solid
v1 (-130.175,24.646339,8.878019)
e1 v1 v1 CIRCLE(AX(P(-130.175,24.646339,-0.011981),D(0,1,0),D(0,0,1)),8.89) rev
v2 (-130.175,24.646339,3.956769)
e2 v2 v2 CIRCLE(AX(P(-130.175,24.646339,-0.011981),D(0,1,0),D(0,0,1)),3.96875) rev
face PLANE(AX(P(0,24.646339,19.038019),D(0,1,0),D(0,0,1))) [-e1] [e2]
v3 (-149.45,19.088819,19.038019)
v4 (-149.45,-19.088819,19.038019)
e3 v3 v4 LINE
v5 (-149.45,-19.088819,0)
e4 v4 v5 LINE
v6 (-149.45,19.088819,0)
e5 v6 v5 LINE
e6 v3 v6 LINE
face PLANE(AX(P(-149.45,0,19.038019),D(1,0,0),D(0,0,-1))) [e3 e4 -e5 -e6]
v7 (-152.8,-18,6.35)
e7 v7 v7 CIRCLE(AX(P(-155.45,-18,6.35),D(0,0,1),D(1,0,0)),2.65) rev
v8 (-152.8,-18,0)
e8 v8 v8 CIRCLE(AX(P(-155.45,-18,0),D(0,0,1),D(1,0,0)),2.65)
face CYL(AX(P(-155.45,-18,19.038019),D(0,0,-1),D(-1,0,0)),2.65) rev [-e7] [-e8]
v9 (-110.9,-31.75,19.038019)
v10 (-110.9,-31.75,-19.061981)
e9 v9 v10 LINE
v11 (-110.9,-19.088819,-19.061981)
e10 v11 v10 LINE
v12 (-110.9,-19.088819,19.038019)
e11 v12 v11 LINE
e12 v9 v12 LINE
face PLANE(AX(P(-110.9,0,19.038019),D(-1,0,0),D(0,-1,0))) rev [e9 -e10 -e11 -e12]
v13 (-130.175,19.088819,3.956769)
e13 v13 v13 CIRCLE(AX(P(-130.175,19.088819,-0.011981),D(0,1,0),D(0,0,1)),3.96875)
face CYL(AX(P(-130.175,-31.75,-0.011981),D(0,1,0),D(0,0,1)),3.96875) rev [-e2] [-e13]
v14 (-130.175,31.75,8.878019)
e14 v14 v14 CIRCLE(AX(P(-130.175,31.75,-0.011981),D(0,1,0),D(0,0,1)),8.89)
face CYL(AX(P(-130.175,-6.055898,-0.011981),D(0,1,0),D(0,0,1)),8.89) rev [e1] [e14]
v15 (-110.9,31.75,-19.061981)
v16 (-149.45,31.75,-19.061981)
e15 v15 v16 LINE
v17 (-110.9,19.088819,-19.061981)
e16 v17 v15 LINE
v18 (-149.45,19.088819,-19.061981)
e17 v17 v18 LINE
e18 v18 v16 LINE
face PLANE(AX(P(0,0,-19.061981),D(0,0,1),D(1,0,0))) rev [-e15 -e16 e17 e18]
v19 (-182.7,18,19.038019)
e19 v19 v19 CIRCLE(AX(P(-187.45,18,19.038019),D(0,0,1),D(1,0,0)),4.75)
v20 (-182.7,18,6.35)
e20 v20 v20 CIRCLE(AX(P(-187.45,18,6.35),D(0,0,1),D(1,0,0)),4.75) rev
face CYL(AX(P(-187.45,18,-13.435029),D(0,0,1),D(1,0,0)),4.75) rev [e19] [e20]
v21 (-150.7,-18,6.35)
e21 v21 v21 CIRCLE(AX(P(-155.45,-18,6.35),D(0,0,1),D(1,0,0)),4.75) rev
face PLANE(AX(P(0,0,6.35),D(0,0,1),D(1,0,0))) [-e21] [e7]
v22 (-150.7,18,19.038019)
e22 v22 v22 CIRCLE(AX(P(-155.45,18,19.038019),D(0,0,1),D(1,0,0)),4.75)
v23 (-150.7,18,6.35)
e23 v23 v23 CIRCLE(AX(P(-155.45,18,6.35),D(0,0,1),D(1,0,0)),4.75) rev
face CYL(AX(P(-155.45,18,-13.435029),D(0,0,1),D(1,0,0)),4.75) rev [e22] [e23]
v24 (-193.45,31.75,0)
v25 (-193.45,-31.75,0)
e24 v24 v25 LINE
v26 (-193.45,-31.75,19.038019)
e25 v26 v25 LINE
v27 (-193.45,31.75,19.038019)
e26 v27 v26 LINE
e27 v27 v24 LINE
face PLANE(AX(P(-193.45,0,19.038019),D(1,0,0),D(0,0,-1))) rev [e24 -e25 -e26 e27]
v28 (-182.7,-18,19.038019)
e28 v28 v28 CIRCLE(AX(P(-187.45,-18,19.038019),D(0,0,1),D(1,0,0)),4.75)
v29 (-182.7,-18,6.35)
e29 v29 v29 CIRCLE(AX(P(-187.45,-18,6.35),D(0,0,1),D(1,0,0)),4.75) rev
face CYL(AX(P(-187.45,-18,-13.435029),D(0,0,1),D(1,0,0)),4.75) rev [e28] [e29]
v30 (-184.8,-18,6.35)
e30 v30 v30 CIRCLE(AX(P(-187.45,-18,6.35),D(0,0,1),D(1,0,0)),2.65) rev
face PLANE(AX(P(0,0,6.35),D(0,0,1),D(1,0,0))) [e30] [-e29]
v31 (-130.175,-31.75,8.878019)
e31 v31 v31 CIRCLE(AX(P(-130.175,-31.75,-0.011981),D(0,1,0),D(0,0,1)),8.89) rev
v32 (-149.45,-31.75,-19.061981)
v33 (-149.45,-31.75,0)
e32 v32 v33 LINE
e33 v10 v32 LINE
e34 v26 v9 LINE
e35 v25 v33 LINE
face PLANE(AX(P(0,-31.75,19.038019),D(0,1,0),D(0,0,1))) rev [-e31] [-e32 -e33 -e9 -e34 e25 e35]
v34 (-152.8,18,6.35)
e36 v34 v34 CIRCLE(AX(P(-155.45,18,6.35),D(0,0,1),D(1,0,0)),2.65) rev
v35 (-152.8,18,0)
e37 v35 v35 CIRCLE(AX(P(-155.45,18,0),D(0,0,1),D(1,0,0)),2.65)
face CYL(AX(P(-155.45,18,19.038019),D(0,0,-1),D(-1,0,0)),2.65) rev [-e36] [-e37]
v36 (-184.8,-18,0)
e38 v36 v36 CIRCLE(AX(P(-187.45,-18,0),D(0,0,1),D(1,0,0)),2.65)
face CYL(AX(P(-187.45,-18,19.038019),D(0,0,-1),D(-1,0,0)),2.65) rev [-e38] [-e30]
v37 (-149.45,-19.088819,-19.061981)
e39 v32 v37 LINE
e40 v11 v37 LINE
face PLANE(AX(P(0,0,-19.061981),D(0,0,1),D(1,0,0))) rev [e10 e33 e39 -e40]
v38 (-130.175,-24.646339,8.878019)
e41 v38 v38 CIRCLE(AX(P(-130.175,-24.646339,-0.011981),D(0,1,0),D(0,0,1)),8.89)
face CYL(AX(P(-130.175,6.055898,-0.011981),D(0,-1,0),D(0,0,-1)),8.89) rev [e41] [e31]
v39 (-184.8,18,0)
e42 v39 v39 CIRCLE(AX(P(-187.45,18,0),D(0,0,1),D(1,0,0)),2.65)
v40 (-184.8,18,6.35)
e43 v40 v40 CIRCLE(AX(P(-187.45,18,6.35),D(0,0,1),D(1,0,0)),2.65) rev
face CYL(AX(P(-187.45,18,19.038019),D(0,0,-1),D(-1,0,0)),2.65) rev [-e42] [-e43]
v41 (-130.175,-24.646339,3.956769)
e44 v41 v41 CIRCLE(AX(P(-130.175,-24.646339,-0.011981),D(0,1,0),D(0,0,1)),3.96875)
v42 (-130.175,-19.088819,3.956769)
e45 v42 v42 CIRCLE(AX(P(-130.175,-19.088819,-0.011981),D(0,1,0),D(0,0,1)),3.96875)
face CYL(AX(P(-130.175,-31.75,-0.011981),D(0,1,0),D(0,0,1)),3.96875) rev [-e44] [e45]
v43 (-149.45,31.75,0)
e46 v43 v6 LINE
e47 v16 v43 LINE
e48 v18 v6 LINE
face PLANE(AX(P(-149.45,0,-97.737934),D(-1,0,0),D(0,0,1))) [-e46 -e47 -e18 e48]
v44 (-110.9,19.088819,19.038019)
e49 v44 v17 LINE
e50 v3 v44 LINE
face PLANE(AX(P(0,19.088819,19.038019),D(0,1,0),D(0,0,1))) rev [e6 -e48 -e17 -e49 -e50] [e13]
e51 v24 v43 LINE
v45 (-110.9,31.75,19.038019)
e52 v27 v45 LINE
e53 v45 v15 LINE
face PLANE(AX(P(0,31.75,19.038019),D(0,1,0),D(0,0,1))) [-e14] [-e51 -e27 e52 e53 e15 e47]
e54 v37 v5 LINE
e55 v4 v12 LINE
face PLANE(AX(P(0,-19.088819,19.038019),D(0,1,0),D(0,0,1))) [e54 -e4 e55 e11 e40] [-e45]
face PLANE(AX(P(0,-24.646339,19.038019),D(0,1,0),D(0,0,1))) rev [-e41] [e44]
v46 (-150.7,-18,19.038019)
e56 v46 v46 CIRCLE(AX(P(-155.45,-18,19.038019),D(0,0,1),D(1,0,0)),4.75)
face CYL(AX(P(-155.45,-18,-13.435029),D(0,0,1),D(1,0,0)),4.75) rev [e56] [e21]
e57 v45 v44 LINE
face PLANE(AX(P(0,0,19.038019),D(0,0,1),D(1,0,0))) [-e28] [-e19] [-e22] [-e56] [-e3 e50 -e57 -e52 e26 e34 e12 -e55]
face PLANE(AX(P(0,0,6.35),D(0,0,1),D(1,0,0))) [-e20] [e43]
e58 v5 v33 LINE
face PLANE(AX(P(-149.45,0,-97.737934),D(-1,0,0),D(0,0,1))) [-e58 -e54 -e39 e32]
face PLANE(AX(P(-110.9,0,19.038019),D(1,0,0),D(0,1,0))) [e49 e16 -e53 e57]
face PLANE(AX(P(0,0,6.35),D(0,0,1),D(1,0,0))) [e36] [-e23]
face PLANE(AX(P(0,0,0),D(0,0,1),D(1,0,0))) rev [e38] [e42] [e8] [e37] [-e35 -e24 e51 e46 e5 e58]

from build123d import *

# Parameters (mm, degrees)
SKETCH1_W               = 44
SKETCH1_H               = 63.5
SKETCH1_W_2             = 38.55
SKETCH1_H_2             = 12.661180653
BOSS_EXTRUDE1_DEPTH     = 19.038019
SKETCH1_3_W             = 38.55
SKETCH1_3_H             = 12.661180653
BOSS_EXTRUDE2_DEPTH     = 19.061980653
CUT_EXTRUDE1_DEPTH      = 197.962748017
CUT_EXTRUDE1_DEPTH_BACK = 197.962748017
SKETCH2_R               = 3.96875
CUT_EXTRUDE2_START      = -31.75
SKETCH2_3_R             = 8.89
SKETCH2_3_R_2           = 3.96875
CUT_EXTRUDE2_DEPTH      = 7.103661
CUT_EXTRUDE3_START      = 24.646339347
SKETCH2_4_R             = 8.89
SKETCH2_4_R_2           = 3.96875
CUT_EXTRUDE3_DEPTH      = 7.103660653
SKETCH3_R               = 2.65
CUT_EXTRUDE4_DEPTH      = 197.962748017
CUT_EXTRUDE5_START      = 6.349999653
SKETCH3_3_R             = 4.75
SKETCH3_3_R_2           = 2.65
SKETCH3_3_R_3           = 2.5
CUT_EXTRUDE5_DEPTH      = 12.688019347


with BuildPart() as part:
    # Sketch1 → Boss-Extrude1 (new body)
    with BuildSketch(Plane.XY):
        with Locations((-171.45, 0)):
            Rectangle(SKETCH1_W, SKETCH1_H)
        with Locations((-130.175, -25.419409674)):
            Rectangle(SKETCH1_W_2, SKETCH1_H_2)
        with Locations((-130.175, 25.419409674)):
            Rectangle(SKETCH1_W_2, SKETCH1_H_2)
    extrude(amount=BOSS_EXTRUDE1_DEPTH)

    # Sketch1<3> → Boss-Extrude2 (add)
    with BuildSketch(Plane.XY):
        with Locations((-130.175, 25.419409674)):
            Rectangle(SKETCH1_3_W, SKETCH1_3_H)
        with Locations((-130.175, -25.419409674)):
            Rectangle(SKETCH1_3_W, SKETCH1_3_H)
    extrude(amount=-BOSS_EXTRUDE2_DEPTH)

    # Sketch2 → Cut-Extrude1 (cut, two sides: drawn at the far end of the back side and taken through both)
    with BuildSketch(Plane(origin=(0, 0, 0), x_dir=(1, 0, 0), z_dir=(0, 1, 0)).offset(-CUT_EXTRUDE1_DEPTH_BACK)):
        with Locations(Location((-130.175, 0.011980653, 0), (0, 0, 270))):
            Circle(SKETCH2_R)
    extrude(amount=CUT_EXTRUDE1_DEPTH + CUT_EXTRUDE1_DEPTH_BACK, mode=Mode.SUBTRACT)

    # Sketch2<3> → Cut-Extrude2 (cut)
    with BuildSketch(Plane(origin=(0, 0, 0), x_dir=(1, 0, 0), z_dir=(0, 1, 0)).offset(CUT_EXTRUDE2_START)):
        with Locations(Location((-130.175, 0.011980653, 0), (0, 0, 270))):
            Circle(SKETCH2_3_R)
        with Locations(Location((-130.175, 0.011980653, 0), (0, 0, 270))):
            Circle(SKETCH2_3_R_2, mode=Mode.SUBTRACT)
    extrude(amount=CUT_EXTRUDE2_DEPTH, mode=Mode.SUBTRACT)

    # Sketch2<4> → Cut-Extrude3 (cut)
    with BuildSketch(Plane(origin=(0, 0, 0), x_dir=(1, 0, 0), z_dir=(0, 1, 0)).offset(CUT_EXTRUDE3_START)):
        with Locations(Location((-130.175, 0.011980653, 0), (0, 0, 270))):
            Circle(SKETCH2_4_R)
        with Locations(Location((-130.175, 0.011980653, 0), (0, 0, 270))):
            Circle(SKETCH2_4_R_2, mode=Mode.SUBTRACT)
    extrude(amount=CUT_EXTRUDE3_DEPTH, mode=Mode.SUBTRACT)

    # Sketch3 → Cut-Extrude4 (cut, through all)
    with BuildSketch(Plane.XY):
        with Locations((-187.45, 18)):
            Circle(SKETCH3_R)
        with Locations((-155.45, 18)):
            Circle(SKETCH3_R)
        with Locations((-155.45, -18)):
            Circle(SKETCH3_R)
        with Locations((-187.45, -18)):
            Circle(SKETCH3_R)
    extrude(amount=CUT_EXTRUDE4_DEPTH, mode=Mode.SUBTRACT)

    # Sketch3<3> → Cut-Extrude5 (cut)
    # profile 1 of 8: a face of its own
    with BuildSketch(Plane.XY.offset(CUT_EXTRUDE5_START)):
        with Locations((-187.45, 18)):
            Circle(SKETCH3_3_R)
        with Locations((-187.45, 18)):
            Circle(SKETCH3_3_R_2, mode=Mode.SUBTRACT)
    # profile 2 of 8: a face of its own
    with BuildSketch(Plane.XY.offset(CUT_EXTRUDE5_START)):
        with Locations((-187.45, 18)):
            Circle(SKETCH3_3_R_3)
    # profile 3 of 8: a face of its own
    with BuildSketch(Plane.XY.offset(CUT_EXTRUDE5_START)):
        with Locations((-155.45, 18)):
            Circle(SKETCH3_3_R)
        with Locations((-155.45, 18)):
            Circle(SKETCH3_3_R_2, mode=Mode.SUBTRACT)
    # profile 4 of 8: a face of its own
    with BuildSketch(Plane.XY.offset(CUT_EXTRUDE5_START)):
        with Locations((-155.45, 18)):
            Circle(SKETCH3_3_R_3)
    # profile 5 of 8: a face of its own
    with BuildSketch(Plane.XY.offset(CUT_EXTRUDE5_START)):
        with Locations((-155.45, -18)):
            Circle(SKETCH3_3_R)
        with Locations((-155.45, -18)):
            Circle(SKETCH3_3_R_2, mode=Mode.SUBTRACT)
    # profile 6 of 8: a face of its own
    with BuildSketch(Plane.XY.offset(CUT_EXTRUDE5_START)):
        with Locations((-155.45, -18)):
            Circle(SKETCH3_3_R_3)
    # profile 7 of 8: a face of its own
    with BuildSketch(Plane.XY.offset(CUT_EXTRUDE5_START)):
        with Locations((-187.45, -18)):
            Circle(SKETCH3_3_R)
        with Locations((-187.45, -18)):
            Circle(SKETCH3_3_R_2, mode=Mode.SUBTRACT)
    # profile 8 of 8: a face of its own
    with BuildSketch(Plane.XY.offset(CUT_EXTRUDE5_START)):
        with Locations((-187.45, -18)):
            Circle(SKETCH3_3_R_3)
    extrude(amount=CUT_EXTRUDE5_DEPTH, mode=Mode.SUBTRACT)


solid = part.part
